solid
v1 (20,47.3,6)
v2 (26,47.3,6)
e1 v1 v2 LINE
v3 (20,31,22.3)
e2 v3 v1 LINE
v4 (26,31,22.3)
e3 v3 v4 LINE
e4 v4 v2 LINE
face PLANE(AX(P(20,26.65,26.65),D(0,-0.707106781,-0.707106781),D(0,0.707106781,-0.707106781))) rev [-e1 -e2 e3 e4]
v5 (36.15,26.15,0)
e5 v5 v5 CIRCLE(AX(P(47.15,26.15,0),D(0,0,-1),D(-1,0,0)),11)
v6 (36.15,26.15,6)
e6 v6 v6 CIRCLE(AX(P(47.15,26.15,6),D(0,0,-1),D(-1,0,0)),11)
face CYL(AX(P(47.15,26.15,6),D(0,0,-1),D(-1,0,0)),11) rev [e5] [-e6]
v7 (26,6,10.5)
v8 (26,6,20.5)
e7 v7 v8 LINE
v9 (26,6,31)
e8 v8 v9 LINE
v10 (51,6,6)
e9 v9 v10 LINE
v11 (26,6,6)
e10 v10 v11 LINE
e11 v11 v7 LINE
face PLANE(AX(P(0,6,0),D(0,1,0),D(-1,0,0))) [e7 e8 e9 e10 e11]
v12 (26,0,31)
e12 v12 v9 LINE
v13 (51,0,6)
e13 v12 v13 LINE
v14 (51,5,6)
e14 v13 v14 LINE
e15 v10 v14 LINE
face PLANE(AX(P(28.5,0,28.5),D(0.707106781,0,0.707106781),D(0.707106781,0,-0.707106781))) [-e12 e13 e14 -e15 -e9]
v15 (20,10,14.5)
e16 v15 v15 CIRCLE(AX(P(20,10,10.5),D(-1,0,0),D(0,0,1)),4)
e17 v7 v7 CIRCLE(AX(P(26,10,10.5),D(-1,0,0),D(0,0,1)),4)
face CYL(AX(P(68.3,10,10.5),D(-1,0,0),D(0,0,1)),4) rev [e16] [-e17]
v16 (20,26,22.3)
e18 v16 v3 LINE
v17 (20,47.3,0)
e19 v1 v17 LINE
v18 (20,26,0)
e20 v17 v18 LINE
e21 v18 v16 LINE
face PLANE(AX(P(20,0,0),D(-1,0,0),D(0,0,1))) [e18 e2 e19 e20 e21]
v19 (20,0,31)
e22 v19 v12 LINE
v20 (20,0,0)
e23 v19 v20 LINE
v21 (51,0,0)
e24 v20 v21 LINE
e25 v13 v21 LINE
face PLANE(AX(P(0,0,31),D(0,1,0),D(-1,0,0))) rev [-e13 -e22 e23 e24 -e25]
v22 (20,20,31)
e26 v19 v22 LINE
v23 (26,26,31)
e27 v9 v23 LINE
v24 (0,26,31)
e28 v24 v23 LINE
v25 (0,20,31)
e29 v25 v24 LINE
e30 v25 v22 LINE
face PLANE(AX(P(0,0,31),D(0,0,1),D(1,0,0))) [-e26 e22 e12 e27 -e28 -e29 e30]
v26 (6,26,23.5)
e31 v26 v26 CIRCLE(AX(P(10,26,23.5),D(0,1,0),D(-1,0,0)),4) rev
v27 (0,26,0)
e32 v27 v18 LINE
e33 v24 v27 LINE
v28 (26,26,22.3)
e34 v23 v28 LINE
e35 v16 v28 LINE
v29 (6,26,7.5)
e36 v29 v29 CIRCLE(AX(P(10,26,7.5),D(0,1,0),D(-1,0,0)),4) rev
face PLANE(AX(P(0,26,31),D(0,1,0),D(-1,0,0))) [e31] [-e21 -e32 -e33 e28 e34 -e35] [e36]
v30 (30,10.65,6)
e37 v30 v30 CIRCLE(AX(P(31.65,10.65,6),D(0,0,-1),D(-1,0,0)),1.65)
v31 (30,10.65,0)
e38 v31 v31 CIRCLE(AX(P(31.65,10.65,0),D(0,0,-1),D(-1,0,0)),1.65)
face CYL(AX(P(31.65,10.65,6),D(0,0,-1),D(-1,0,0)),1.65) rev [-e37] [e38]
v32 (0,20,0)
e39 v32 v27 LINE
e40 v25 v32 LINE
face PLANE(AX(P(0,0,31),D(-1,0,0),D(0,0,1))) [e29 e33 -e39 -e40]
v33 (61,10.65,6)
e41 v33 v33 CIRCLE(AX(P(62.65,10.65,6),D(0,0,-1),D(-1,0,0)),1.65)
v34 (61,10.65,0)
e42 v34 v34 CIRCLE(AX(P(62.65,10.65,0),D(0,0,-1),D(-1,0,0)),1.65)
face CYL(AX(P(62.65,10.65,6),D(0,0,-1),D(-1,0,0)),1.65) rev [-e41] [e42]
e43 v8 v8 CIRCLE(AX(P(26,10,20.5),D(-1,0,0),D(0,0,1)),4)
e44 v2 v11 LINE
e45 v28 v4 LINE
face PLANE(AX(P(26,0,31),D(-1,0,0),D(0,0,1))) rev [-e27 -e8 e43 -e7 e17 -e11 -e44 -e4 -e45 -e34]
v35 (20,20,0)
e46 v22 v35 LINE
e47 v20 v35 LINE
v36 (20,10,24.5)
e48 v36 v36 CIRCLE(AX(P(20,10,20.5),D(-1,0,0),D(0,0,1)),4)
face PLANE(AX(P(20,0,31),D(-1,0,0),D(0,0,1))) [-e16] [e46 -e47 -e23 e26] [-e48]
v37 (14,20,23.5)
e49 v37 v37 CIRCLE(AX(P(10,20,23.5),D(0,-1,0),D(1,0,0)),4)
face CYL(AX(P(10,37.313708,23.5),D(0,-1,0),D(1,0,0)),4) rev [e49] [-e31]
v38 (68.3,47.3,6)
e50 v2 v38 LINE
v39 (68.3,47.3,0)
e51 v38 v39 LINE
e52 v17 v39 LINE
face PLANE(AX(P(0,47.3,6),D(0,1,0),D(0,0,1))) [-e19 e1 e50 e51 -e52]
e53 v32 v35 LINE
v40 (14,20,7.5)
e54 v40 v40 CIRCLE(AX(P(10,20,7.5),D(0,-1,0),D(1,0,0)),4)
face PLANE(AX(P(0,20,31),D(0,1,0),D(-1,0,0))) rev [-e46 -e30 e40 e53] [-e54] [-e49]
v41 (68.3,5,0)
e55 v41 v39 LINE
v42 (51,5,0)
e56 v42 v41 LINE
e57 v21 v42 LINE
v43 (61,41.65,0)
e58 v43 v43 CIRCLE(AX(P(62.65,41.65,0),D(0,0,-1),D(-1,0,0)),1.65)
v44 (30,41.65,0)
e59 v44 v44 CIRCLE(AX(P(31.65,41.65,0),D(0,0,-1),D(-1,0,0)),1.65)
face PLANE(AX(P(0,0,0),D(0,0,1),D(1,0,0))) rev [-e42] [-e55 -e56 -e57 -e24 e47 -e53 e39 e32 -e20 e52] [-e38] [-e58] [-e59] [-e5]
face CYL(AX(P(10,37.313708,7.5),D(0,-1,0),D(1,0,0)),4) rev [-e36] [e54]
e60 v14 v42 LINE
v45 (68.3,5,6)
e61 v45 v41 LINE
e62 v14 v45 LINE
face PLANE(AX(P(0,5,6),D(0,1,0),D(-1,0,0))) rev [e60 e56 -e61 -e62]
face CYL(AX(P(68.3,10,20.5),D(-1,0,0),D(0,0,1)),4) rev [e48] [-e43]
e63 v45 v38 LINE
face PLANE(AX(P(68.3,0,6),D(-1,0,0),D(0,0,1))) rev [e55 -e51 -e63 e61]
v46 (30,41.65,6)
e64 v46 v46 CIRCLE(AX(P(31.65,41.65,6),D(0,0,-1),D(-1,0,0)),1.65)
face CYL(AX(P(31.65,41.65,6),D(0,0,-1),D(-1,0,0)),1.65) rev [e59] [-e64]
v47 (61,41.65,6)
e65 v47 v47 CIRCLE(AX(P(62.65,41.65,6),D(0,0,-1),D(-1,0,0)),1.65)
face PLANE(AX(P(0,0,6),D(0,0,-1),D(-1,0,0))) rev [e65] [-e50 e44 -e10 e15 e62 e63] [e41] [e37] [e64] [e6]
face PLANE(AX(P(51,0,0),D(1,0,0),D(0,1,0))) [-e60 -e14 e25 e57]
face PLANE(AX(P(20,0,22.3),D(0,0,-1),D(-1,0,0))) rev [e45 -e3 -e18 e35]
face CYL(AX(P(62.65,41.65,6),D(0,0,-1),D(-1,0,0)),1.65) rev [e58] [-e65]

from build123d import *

# Parameters (mm, degrees)
BOSS_EXTRUDE3_DEPTH = 31
SKETCH3_R           = 1.65
SKETCH3_R_2         = 11
BOSS_EXTRUDE4_DEPTH = 6
SKETCH4_R           = 4
CUT_EXTRUDE1_DEPTH  = 6
SKETCH7_R           = 4
CUT_EXTRUDE2_DEPTH  = 75.371903297
SKETCH10_W          = 21.3
SKETCH10_H          = 6
BOSS_EXTRUDE6_DEPTH = 6
SKETCH11_W          = 25
SKETCH11_H          = 6
BOSS_EXTRUDE7_DEPTH = 5
BOSS_EXTRUDE8_DEPTH = 1


with BuildPart() as part:
    # Sketch2 → Boss-Extrude3 (new body)
    with BuildSketch(Plane(origin=(0, 0, 0), x_dir=(0, 1, 0), z_dir=(0, 0, 1))):
        Polygon((26, 0), (20, 0), (20, -20), (0, -20), (0, -26), (26, -26), align=None)
    extrude(amount=BOSS_EXTRUDE3_DEPTH)

    # Sketch3 → Boss-Extrude4 (add)
    with BuildSketch(Plane(origin=(0, 0, 0), x_dir=(1, 0, 0), z_dir=(0, 0, -1))):
        Polygon((68.3, -5), (26, -5), (26, -26), (26, -47.3), (68.3, -47.3), align=None)
        with Locations(Location((31.65, -41.65, 0), (0, 0, 180))):
            Circle(SKETCH3_R, mode=Mode.SUBTRACT)
        with Locations(Location((62.65, -41.65, 0), (0, 0, 180))):
            Circle(SKETCH3_R, mode=Mode.SUBTRACT)
        with Locations(Location((31.65, -10.65, 0), (0, 0, 180))):
            Circle(SKETCH3_R, mode=Mode.SUBTRACT)
        with Locations(Location((47.15, -26.15, 0), (0, 0, 180))):
            Circle(SKETCH3_R_2, mode=Mode.SUBTRACT)
        with Locations(Location((62.65, -10.65, 0), (0, 0, 180))):
            Circle(SKETCH3_R, mode=Mode.SUBTRACT)
    extrude(amount=-BOSS_EXTRUDE4_DEPTH)

    # Sketch4 → Cut-Extrude1 (cut)
    with BuildSketch(Plane.XZ.offset(-20)):
        with Locations((10, 7.5)):
            Circle(SKETCH4_R)
        with Locations((10, 23.5)):
            Circle(SKETCH4_R)
    extrude(amount=-CUT_EXTRUDE1_DEPTH, mode=Mode.SUBTRACT)

    # Sketch7 → Cut-Extrude2 (cut, through all)
    with BuildSketch(Plane(origin=(20, 0, 0), x_dir=(0, -1, 0), z_dir=(-1, 0, 0))):
        with Locations(Location((-10, 20.5, 0), (0, 0, 90))):
            Circle(SKETCH7_R)
        with Locations(Location((-10, 10.5, 0), (0, 0, 90))):
            Circle(SKETCH7_R)
    extrude(amount=-CUT_EXTRUDE2_DEPTH, mode=Mode.SUBTRACT)

    # Sketch10 → Boss-Extrude6 (add)
    with BuildSketch(Plane(origin=(26, 0, 0), x_dir=(0, -1, 0), z_dir=(-1, 0, 0))):
        with Locations((-36.65, 3)):
            Rectangle(SKETCH10_W, SKETCH10_H)
        Polygon((-47.3, 6), (-26, 6), (-26, 22.3), (-31, 22.3), align=None)
    extrude(amount=BOSS_EXTRUDE6_DEPTH)

    # Sketch11 → Boss-Extrude7 (add)
    with BuildSketch(Plane.XZ.offset(-5)):
        Polygon((26, 31), (26, 6), (51, 6), align=None)
        with Locations((38.5, 3)):
            Rectangle(SKETCH11_W, SKETCH11_H)
    extrude(amount=BOSS_EXTRUDE7_DEPTH)

    # Sketch13 → Boss-Extrude8 (add)
    with BuildSketch(Plane(origin=(0, 5, 0), x_dir=(-1, 0, 0), z_dir=(0, 1, 0))):
        Polygon((-51, 6), (-26, 31), (-26, 6), align=None)
    extrude(amount=BOSS_EXTRUDE8_DEPTH)


solid = part.part
